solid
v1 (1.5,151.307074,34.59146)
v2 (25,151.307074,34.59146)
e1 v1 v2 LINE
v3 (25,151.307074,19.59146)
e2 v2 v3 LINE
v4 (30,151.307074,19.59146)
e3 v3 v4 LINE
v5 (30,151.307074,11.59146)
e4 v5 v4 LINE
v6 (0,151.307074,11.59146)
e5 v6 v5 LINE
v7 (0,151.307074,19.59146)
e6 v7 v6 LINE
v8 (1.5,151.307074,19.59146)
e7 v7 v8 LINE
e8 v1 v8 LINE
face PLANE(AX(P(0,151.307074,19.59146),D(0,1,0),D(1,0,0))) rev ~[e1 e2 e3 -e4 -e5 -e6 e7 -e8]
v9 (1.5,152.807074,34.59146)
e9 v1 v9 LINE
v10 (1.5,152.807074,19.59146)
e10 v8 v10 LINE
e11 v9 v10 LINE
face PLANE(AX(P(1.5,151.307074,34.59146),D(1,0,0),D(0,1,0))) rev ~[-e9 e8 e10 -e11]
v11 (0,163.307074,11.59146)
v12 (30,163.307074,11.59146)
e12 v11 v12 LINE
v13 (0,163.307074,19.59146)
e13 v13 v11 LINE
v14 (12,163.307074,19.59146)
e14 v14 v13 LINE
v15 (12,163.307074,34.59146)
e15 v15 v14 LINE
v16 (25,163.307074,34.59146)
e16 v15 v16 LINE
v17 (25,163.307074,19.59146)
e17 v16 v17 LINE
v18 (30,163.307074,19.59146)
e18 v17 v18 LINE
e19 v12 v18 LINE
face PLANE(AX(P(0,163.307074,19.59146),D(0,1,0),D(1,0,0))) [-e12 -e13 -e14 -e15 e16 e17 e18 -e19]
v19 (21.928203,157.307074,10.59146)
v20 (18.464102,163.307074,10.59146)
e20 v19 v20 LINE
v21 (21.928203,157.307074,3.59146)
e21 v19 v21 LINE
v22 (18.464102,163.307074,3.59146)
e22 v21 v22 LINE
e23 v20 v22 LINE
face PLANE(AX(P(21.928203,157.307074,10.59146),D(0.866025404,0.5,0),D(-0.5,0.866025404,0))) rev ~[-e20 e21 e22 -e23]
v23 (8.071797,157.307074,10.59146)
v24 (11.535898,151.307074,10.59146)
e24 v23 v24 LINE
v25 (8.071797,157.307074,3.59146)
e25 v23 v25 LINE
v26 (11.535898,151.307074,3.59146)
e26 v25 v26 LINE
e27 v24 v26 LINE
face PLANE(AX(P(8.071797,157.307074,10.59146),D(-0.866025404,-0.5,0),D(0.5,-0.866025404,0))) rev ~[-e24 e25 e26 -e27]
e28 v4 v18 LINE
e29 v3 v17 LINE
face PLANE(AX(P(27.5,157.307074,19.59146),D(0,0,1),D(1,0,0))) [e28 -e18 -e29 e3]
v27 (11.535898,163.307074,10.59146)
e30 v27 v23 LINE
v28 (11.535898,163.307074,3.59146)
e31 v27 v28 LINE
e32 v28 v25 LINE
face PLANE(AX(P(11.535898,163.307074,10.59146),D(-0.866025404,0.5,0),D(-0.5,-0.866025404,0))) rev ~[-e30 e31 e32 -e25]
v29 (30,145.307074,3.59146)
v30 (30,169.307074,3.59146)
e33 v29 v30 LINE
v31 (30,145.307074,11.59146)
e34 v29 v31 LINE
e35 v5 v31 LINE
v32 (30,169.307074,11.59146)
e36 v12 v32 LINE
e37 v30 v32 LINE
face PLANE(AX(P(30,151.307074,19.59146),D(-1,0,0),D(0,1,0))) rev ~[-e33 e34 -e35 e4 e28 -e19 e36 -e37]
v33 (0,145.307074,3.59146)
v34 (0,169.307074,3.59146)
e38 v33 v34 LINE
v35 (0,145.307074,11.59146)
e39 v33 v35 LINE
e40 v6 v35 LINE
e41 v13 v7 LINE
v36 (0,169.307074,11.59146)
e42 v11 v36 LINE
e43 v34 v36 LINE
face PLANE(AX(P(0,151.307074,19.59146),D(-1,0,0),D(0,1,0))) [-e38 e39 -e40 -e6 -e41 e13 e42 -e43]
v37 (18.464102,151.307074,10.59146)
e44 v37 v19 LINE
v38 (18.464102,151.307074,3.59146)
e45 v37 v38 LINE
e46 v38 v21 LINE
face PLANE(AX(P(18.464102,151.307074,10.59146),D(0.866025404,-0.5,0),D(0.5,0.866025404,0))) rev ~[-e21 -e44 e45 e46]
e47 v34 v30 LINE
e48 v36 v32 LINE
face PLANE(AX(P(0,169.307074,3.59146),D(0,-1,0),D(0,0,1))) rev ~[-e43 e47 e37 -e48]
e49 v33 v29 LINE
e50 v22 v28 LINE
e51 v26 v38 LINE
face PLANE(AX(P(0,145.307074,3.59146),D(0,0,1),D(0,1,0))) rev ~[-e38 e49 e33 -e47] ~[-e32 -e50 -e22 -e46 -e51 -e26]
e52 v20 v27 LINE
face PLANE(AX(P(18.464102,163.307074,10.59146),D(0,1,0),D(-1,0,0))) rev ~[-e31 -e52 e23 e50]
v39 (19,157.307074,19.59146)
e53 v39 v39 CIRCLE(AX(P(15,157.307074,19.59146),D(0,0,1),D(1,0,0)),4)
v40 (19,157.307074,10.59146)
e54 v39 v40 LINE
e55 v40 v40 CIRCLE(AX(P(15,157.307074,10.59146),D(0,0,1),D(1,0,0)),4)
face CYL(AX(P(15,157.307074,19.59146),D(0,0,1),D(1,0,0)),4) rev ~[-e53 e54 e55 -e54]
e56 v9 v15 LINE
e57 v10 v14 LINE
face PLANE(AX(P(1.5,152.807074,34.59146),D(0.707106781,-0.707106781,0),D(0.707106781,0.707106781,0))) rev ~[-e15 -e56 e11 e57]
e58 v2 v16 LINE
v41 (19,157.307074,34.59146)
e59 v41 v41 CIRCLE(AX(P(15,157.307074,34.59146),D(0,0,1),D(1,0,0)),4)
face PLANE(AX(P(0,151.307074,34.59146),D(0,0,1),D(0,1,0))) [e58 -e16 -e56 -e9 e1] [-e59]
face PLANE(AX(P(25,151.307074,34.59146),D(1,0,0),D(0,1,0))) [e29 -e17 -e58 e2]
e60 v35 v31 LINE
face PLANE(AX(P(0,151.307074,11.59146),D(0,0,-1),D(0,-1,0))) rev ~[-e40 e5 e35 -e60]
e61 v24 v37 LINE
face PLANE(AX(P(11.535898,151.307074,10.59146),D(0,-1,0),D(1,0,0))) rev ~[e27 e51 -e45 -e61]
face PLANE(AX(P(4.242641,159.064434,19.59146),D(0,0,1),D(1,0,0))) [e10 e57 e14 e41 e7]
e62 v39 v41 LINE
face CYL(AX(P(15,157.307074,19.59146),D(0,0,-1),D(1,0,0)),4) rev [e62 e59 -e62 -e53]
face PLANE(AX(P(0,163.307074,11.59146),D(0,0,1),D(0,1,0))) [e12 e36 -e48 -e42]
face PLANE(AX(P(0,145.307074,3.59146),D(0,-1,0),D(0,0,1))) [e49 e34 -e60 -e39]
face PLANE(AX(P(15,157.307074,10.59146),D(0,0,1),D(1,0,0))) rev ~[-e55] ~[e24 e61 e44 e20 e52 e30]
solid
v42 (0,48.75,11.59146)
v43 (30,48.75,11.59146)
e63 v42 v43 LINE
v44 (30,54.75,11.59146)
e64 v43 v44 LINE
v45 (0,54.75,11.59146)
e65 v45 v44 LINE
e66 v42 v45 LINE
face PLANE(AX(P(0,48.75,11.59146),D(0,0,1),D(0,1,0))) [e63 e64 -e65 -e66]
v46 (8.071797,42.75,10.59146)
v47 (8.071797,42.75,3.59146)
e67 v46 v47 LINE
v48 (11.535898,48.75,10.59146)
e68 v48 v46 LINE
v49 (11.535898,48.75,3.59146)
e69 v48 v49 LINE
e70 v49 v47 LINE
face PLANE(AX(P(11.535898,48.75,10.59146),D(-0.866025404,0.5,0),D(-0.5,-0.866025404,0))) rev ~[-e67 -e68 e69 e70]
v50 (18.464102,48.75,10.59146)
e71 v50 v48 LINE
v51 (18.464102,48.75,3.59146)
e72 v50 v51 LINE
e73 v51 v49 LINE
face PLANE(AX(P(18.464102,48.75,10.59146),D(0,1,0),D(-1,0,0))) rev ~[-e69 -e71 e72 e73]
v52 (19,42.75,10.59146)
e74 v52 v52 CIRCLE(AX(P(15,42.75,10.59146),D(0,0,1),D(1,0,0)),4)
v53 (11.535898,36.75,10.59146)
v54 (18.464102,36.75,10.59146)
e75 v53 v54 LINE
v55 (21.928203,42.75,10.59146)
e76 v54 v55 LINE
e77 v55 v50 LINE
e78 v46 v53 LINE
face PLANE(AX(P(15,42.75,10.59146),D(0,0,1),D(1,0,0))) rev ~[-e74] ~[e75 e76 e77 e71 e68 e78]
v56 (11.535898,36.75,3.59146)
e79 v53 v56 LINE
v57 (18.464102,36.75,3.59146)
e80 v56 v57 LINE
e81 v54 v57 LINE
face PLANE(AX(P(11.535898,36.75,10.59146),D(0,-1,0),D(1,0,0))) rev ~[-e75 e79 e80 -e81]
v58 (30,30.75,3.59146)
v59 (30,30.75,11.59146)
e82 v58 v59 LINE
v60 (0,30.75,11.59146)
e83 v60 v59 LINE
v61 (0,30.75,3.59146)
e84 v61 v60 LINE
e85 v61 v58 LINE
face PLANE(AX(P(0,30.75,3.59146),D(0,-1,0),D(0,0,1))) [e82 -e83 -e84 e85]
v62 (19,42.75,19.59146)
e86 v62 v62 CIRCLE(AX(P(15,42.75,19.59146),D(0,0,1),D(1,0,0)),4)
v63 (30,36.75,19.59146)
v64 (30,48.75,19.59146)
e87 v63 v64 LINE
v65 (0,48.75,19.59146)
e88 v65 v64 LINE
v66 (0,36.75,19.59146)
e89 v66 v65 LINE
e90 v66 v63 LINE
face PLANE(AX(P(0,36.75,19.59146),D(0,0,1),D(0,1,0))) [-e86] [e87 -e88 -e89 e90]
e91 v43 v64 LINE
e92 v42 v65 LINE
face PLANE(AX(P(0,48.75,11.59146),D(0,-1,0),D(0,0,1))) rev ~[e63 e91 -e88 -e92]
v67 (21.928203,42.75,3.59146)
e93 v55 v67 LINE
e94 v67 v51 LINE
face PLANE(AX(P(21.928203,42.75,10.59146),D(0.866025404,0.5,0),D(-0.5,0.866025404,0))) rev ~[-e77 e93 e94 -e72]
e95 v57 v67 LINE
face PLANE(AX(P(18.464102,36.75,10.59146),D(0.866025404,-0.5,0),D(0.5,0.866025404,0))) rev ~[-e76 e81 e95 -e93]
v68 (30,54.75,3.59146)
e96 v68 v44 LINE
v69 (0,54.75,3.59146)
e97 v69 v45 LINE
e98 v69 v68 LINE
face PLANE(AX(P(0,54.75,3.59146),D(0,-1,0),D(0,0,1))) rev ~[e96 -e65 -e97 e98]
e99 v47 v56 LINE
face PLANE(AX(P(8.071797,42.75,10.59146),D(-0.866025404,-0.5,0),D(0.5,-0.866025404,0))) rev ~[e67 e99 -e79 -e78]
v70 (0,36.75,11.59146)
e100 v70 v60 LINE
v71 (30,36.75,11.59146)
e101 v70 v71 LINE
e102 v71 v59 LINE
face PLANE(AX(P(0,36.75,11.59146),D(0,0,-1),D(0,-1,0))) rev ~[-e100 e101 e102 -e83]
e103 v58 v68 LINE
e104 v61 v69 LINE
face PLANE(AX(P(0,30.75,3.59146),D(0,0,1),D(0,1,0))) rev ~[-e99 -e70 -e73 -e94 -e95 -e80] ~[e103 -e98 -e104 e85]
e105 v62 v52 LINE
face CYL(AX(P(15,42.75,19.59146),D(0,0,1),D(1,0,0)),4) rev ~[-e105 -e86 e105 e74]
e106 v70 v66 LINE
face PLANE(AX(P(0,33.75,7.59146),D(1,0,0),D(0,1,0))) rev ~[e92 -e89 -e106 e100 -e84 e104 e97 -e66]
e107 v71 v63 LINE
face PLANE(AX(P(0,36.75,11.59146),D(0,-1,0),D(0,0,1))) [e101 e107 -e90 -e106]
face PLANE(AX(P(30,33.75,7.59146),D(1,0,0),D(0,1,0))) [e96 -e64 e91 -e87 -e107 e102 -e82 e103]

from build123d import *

# Parameters (mm, degrees)
F0_W     = 6
F0_H     = 8
F0_W_2   = 12
F1_DEPTH = 30
F3_START = -9
F2_R     = 4
F3_DEPTH = 8
F4_DEPTH = 40
F5_DEPTH = 15
F6_W     = 5
F6_H     = 12
F7_DEPTH = 15


with BuildPart() as f1:
    # F0 (on Right) → F1 (new body)
    with BuildSketch(Plane.YZ):
        with Locations((33.75, 7.591459943)):
            Rectangle(F0_W, F0_H)
        with Locations((42.75, 7.591459943)):
            Rectangle(F0_W_2, F0_H)
        with Locations((42.75, 15.591459943)):
            Rectangle(F0_W_2, F0_H)
        with Locations((51.75, 7.591459943)):
            Rectangle(F0_W, F0_H)
    extrude(amount=F1_DEPTH)


with BuildPart() as f1b:
    # F0 (on Right) → F1, piece 2 (new body)
    with BuildSketch(Plane.YZ):
        with Locations((157.3070744276, 7.591459943)):
            Rectangle(F0_W_2, F0_H)
        with Locations((148.3070744276, 7.591459943)):
            Rectangle(F0_W, F0_H)
        with Locations((157.3070744276, 15.591459943)):
            Rectangle(F0_W_2, F0_H)
        with Locations((166.3070744276, 7.591459943)):
            Rectangle(F0_W, F0_H)
    extrude(amount=F1_DEPTH)


with BuildPart() as f3_tool:
    # F2 (on face) → F3 (new body)
    with BuildSketch(Plane.XY.offset(19.591459943).offset(F3_START)):
        Polygon((18.4641016151, 48.75), (11.5358983849, 48.75), (8.0717967697, 42.75), (11.5358983849, 36.75), (18.4641016151, 36.75), (21.9282032303, 42.75), align=None)
        with Locations((15, 42.75)):
            Circle(F2_R, mode=Mode.SUBTRACT)
        Polygon((21.9282032303, 157.3070744276), (18.4641016151, 163.3070744276), (11.5358983849, 163.3070744276), (8.0717967697, 157.3070744276), (11.5358983849, 151.3070744276), (18.4641016151, 151.3070744276), align=None)
        with Locations((15, 157.3070744276)):
            Circle(F2_R, mode=Mode.SUBTRACT)
    extrude(amount=-F3_DEPTH)


with BuildPart() as f1_1:
    add(f1.part)

    # F3: cut by f3_tool
    add(f3_tool.part, mode=Mode.SUBTRACT)


with BuildPart() as f1b_1:
    add(f1b.part)

    # F3: cut by f3_tool
    add(f3_tool.part, mode=Mode.SUBTRACT)


with BuildPart() as f4_tool:
    # F2 (on face) → F4 (new body)
    with BuildSketch(Plane.XY.offset(19.591459943)):
        with Locations((15, 42.75)):
            Circle(F2_R)
        with Locations((15, 157.3070744276)):
            Circle(F2_R)
    extrude(amount=-F4_DEPTH)


with BuildPart() as f1_2:
    add(f1_1.part)

    # F4: cut by f4_tool
    add(f4_tool.part, mode=Mode.SUBTRACT)


with BuildPart() as f1b_2:
    add(f1b_1.part)

    # F4: cut by f4_tool
    add(f4_tool.part, mode=Mode.SUBTRACT)

    # F5 (add): a face of the model
    f5_faces = [f1b_2.faces().sort_by_distance(p)[0] for p in [
        (15, 162.9839645392, 19.591459943),
    ]]
    extrude(f5_faces, amount=F5_DEPTH)

    # F6 (on face) → F7 (cut)
    with BuildSketch(Plane.XY.offset(34.591459943)):
        Polygon((0, 163.3070744276), (0, 151.3070744276), (1.5, 152.8070744276), (12, 163.3070744276), align=None)
        with Locations((27.5, 157.3070744276)):
            Rectangle(F6_W, F6_H)
        Polygon((1.5, 152.8070744276), (0, 151.3070744276), (1.5, 151.3070744276), align=None)
    extrude(amount=-F7_DEPTH, mode=Mode.SUBTRACT)


solid = Compound([f1_2.part, f1b_2.part])
